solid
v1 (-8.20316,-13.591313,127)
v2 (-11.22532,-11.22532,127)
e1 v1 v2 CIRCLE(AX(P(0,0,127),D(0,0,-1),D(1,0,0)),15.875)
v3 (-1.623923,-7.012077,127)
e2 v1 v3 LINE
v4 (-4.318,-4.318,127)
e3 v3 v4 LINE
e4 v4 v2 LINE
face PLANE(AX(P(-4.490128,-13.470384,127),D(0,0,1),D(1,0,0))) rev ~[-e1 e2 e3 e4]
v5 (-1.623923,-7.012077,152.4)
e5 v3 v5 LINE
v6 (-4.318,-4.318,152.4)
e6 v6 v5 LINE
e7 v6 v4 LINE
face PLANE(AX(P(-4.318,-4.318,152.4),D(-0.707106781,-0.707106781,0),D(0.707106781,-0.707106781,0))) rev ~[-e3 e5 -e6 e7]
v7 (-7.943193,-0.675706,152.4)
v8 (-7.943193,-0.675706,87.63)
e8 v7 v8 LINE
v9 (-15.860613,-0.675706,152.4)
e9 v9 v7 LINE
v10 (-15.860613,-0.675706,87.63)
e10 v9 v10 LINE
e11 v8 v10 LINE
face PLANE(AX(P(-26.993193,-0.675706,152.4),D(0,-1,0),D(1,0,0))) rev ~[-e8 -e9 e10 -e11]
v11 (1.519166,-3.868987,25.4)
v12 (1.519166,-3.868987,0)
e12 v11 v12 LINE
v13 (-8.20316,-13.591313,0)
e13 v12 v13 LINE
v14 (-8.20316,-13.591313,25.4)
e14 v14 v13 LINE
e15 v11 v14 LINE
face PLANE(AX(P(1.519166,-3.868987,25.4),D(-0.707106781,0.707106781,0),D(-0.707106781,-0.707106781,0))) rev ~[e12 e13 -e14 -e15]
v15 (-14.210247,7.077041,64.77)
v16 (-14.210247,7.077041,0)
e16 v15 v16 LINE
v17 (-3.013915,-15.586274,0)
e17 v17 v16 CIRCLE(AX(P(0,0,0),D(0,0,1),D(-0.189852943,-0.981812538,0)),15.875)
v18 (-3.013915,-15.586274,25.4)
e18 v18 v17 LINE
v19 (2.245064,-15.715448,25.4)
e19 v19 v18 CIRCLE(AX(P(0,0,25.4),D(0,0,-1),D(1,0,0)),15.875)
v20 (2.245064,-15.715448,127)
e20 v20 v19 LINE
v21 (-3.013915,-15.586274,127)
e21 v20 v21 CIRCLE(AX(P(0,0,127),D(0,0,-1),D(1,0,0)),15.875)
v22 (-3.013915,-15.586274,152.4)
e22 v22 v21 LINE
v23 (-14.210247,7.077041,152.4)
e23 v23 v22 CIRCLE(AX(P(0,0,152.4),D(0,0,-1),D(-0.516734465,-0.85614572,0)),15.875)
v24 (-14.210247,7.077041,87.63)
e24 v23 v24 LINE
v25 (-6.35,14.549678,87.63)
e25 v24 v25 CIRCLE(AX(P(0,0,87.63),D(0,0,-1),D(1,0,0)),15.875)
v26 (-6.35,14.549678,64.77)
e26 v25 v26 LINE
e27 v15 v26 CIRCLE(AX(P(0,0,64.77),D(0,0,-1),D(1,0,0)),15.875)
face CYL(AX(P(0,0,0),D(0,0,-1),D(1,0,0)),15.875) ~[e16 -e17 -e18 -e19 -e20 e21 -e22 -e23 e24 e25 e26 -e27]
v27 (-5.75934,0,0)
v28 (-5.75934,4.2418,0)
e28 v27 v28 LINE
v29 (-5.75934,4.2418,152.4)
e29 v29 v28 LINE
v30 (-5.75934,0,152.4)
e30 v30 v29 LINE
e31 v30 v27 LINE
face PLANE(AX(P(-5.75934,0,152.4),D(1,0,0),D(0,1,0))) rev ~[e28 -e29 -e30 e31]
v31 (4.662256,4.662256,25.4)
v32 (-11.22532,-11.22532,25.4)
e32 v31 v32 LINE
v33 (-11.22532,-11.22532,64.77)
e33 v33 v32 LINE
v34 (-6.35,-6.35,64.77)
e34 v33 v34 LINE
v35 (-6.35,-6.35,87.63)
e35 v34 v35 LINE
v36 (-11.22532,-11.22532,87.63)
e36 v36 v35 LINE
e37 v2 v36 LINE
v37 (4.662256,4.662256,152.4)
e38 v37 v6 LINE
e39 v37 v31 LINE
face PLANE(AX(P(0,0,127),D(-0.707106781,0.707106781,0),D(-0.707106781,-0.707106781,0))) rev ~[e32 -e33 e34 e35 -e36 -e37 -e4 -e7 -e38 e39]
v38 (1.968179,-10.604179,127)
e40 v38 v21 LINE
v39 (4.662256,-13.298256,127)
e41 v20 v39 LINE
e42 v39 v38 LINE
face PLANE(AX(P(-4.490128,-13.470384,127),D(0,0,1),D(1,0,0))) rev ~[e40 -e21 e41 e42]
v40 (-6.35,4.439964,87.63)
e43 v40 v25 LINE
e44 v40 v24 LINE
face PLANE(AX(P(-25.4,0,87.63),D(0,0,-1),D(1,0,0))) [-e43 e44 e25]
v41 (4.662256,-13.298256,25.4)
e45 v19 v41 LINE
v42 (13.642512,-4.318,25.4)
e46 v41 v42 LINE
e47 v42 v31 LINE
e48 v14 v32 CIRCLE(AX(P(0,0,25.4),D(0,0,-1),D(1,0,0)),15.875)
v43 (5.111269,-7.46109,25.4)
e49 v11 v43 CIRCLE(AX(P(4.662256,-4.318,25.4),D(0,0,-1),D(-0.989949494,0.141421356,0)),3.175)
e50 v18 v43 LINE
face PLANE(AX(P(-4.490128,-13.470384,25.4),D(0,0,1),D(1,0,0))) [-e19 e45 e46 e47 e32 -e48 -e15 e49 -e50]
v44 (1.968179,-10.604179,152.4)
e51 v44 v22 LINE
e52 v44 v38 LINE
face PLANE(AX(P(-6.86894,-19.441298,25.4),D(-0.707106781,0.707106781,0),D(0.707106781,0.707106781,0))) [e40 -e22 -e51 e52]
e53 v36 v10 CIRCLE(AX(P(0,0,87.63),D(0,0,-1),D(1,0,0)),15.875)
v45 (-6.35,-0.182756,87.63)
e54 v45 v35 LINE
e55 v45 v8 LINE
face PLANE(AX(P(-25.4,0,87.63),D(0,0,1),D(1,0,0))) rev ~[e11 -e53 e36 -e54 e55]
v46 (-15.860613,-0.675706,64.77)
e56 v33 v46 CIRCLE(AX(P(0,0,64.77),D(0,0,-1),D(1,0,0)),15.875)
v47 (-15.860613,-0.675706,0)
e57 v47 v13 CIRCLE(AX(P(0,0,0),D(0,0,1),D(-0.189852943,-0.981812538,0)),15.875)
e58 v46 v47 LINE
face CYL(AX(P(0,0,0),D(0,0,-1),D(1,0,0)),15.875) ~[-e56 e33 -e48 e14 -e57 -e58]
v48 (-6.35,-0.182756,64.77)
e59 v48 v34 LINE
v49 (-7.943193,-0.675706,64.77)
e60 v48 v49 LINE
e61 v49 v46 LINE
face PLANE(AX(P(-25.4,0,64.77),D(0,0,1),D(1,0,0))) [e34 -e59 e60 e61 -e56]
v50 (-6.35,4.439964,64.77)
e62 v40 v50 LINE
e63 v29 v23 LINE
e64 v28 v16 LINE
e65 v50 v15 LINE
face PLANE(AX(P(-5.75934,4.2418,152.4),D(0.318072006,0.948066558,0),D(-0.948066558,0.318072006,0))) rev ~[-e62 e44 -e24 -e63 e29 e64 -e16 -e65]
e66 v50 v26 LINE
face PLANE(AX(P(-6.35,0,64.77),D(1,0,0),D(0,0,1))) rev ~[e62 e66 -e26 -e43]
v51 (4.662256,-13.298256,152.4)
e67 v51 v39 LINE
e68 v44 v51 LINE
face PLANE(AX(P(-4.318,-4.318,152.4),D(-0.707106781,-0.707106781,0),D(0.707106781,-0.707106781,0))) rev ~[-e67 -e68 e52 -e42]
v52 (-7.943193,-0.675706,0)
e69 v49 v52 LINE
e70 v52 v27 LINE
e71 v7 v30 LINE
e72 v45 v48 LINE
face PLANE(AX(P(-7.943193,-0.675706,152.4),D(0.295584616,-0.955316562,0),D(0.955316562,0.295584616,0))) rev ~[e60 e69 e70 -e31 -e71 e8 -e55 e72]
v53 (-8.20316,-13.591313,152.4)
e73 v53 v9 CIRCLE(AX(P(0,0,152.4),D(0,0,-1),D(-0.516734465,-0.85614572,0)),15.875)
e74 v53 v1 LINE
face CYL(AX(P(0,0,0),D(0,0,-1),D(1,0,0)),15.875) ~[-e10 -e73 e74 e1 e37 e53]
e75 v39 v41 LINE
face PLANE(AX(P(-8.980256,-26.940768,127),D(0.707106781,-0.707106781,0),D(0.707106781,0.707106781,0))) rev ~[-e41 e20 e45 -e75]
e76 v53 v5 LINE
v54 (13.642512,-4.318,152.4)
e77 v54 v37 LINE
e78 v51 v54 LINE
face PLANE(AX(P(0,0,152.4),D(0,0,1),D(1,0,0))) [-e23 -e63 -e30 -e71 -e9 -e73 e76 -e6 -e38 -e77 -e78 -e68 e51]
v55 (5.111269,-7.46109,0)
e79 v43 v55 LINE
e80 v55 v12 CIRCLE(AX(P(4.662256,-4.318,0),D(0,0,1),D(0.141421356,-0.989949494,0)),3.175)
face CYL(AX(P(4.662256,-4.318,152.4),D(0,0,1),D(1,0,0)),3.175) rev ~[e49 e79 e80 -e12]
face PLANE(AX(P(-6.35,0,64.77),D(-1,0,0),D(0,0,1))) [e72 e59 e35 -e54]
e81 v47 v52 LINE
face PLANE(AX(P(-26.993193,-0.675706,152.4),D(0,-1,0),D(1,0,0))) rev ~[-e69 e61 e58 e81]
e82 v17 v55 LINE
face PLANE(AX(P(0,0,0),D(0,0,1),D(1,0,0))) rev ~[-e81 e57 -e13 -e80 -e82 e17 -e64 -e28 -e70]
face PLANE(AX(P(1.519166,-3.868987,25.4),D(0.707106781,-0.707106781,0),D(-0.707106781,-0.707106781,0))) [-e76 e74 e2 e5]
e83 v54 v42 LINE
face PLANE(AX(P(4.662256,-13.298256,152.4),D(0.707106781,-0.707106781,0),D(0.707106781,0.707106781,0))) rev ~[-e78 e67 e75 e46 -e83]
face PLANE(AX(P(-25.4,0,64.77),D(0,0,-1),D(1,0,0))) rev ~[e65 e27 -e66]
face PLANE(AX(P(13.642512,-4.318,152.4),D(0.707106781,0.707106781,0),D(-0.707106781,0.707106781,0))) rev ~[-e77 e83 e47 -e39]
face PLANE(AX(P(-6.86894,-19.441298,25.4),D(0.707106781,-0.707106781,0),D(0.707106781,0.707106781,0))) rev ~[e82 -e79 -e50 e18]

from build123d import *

# Parameters (mm, degrees)
F0_R           = 15.875
F1_DEPTH       = 152.4
F3_DEPTH       = 127
F4_R           = 3.175
F5_DEPTH       = 152.4
F8_DEPTH       = 101.6
F10_DEPTH      = 25.401
F10_DEPTH_BACK = 127.001
F12_DEPTH      = 152.401
F13_W          = 19.05
F13_H          = 22.86
F14_DEPTH      = 15.876
F14_DEPTH_BACK = 15.876


with BuildPart() as f1:
    # F0 (on Top) → F1 (new body)
    with BuildSketch(Plane.XY):
        Circle(F0_R)
    extrude(amount=F1_DEPTH)

    # F2 (on face) → F3 (cut)
    with BuildSketch(Plane.XY.offset(152.4)):
        Polygon((4.6622561211, 4.6622561211), (-4.318, -4.318), (4.6622561211, -13.2982561211), (13.6425122421, -4.318), align=None)
    extrude(amount=-F3_DEPTH, mode=Mode.SUBTRACT)

    # F4 (on face) → F5 (cut)
    with BuildSketch(Plane.XY.offset(152.4)):
        with Locations((4.6622561211, -4.318)):
            Circle(F4_R)
    extrude(amount=-F5_DEPTH, mode=Mode.SUBTRACT)

    # F7 (on offset) → F8 (cut)
    with BuildSketch(Plane.XY.offset(127)):
        Polygon((8.9802561211, -8.9802561211), (0, 0), (-17.9605122421, -17.9605122421), (-8.9802561211, -26.9407683632), align=None)
    extrude(amount=-F8_DEPTH, mode=Mode.SUBTRACT)

    # F9 (on face) → F10 (cut, two sides)
    with BuildSketch(Plane.XY.offset(25.4)) as f10_sk:
        Polygon((-6.8689398237, -19.4412983932), (5.1112689271, -7.4610896424), (1.5191664787, -3.8689871939), (-10.4610422721, -15.8491959447), align=None)
    extrude(amount=-F10_DEPTH, mode=Mode.SUBTRACT)
    extrude(f10_sk.sketch, amount=F10_DEPTH_BACK, mode=Mode.SUBTRACT)

    # F11 (on face) → F12 (cut, through all)
    with BuildSketch(Plane.XY.offset(152.4)):
        Polygon((-23.2781873974, 10.1192935667), (-26.9931931626, 10.1192935667), (-26.9931931626, -0.6757064333), (-7.9431931626, -0.6757064333), (-5.7593395008, 0), (-5.7593395008, 4.2418), align=None)
    extrude(amount=-F12_DEPTH, mode=Mode.SUBTRACT)

    # F13 (on Front) → F14 (cut, two sides)
    with BuildSketch(Plane.XZ) as f14_sk:
        with Locations((-15.875, 76.2)):
            Rectangle(F13_W, F13_H)
    extrude(amount=-F14_DEPTH, mode=Mode.SUBTRACT)
    extrude(f14_sk.sketch, amount=F14_DEPTH_BACK, mode=Mode.SUBTRACT)


solid = f1.part
